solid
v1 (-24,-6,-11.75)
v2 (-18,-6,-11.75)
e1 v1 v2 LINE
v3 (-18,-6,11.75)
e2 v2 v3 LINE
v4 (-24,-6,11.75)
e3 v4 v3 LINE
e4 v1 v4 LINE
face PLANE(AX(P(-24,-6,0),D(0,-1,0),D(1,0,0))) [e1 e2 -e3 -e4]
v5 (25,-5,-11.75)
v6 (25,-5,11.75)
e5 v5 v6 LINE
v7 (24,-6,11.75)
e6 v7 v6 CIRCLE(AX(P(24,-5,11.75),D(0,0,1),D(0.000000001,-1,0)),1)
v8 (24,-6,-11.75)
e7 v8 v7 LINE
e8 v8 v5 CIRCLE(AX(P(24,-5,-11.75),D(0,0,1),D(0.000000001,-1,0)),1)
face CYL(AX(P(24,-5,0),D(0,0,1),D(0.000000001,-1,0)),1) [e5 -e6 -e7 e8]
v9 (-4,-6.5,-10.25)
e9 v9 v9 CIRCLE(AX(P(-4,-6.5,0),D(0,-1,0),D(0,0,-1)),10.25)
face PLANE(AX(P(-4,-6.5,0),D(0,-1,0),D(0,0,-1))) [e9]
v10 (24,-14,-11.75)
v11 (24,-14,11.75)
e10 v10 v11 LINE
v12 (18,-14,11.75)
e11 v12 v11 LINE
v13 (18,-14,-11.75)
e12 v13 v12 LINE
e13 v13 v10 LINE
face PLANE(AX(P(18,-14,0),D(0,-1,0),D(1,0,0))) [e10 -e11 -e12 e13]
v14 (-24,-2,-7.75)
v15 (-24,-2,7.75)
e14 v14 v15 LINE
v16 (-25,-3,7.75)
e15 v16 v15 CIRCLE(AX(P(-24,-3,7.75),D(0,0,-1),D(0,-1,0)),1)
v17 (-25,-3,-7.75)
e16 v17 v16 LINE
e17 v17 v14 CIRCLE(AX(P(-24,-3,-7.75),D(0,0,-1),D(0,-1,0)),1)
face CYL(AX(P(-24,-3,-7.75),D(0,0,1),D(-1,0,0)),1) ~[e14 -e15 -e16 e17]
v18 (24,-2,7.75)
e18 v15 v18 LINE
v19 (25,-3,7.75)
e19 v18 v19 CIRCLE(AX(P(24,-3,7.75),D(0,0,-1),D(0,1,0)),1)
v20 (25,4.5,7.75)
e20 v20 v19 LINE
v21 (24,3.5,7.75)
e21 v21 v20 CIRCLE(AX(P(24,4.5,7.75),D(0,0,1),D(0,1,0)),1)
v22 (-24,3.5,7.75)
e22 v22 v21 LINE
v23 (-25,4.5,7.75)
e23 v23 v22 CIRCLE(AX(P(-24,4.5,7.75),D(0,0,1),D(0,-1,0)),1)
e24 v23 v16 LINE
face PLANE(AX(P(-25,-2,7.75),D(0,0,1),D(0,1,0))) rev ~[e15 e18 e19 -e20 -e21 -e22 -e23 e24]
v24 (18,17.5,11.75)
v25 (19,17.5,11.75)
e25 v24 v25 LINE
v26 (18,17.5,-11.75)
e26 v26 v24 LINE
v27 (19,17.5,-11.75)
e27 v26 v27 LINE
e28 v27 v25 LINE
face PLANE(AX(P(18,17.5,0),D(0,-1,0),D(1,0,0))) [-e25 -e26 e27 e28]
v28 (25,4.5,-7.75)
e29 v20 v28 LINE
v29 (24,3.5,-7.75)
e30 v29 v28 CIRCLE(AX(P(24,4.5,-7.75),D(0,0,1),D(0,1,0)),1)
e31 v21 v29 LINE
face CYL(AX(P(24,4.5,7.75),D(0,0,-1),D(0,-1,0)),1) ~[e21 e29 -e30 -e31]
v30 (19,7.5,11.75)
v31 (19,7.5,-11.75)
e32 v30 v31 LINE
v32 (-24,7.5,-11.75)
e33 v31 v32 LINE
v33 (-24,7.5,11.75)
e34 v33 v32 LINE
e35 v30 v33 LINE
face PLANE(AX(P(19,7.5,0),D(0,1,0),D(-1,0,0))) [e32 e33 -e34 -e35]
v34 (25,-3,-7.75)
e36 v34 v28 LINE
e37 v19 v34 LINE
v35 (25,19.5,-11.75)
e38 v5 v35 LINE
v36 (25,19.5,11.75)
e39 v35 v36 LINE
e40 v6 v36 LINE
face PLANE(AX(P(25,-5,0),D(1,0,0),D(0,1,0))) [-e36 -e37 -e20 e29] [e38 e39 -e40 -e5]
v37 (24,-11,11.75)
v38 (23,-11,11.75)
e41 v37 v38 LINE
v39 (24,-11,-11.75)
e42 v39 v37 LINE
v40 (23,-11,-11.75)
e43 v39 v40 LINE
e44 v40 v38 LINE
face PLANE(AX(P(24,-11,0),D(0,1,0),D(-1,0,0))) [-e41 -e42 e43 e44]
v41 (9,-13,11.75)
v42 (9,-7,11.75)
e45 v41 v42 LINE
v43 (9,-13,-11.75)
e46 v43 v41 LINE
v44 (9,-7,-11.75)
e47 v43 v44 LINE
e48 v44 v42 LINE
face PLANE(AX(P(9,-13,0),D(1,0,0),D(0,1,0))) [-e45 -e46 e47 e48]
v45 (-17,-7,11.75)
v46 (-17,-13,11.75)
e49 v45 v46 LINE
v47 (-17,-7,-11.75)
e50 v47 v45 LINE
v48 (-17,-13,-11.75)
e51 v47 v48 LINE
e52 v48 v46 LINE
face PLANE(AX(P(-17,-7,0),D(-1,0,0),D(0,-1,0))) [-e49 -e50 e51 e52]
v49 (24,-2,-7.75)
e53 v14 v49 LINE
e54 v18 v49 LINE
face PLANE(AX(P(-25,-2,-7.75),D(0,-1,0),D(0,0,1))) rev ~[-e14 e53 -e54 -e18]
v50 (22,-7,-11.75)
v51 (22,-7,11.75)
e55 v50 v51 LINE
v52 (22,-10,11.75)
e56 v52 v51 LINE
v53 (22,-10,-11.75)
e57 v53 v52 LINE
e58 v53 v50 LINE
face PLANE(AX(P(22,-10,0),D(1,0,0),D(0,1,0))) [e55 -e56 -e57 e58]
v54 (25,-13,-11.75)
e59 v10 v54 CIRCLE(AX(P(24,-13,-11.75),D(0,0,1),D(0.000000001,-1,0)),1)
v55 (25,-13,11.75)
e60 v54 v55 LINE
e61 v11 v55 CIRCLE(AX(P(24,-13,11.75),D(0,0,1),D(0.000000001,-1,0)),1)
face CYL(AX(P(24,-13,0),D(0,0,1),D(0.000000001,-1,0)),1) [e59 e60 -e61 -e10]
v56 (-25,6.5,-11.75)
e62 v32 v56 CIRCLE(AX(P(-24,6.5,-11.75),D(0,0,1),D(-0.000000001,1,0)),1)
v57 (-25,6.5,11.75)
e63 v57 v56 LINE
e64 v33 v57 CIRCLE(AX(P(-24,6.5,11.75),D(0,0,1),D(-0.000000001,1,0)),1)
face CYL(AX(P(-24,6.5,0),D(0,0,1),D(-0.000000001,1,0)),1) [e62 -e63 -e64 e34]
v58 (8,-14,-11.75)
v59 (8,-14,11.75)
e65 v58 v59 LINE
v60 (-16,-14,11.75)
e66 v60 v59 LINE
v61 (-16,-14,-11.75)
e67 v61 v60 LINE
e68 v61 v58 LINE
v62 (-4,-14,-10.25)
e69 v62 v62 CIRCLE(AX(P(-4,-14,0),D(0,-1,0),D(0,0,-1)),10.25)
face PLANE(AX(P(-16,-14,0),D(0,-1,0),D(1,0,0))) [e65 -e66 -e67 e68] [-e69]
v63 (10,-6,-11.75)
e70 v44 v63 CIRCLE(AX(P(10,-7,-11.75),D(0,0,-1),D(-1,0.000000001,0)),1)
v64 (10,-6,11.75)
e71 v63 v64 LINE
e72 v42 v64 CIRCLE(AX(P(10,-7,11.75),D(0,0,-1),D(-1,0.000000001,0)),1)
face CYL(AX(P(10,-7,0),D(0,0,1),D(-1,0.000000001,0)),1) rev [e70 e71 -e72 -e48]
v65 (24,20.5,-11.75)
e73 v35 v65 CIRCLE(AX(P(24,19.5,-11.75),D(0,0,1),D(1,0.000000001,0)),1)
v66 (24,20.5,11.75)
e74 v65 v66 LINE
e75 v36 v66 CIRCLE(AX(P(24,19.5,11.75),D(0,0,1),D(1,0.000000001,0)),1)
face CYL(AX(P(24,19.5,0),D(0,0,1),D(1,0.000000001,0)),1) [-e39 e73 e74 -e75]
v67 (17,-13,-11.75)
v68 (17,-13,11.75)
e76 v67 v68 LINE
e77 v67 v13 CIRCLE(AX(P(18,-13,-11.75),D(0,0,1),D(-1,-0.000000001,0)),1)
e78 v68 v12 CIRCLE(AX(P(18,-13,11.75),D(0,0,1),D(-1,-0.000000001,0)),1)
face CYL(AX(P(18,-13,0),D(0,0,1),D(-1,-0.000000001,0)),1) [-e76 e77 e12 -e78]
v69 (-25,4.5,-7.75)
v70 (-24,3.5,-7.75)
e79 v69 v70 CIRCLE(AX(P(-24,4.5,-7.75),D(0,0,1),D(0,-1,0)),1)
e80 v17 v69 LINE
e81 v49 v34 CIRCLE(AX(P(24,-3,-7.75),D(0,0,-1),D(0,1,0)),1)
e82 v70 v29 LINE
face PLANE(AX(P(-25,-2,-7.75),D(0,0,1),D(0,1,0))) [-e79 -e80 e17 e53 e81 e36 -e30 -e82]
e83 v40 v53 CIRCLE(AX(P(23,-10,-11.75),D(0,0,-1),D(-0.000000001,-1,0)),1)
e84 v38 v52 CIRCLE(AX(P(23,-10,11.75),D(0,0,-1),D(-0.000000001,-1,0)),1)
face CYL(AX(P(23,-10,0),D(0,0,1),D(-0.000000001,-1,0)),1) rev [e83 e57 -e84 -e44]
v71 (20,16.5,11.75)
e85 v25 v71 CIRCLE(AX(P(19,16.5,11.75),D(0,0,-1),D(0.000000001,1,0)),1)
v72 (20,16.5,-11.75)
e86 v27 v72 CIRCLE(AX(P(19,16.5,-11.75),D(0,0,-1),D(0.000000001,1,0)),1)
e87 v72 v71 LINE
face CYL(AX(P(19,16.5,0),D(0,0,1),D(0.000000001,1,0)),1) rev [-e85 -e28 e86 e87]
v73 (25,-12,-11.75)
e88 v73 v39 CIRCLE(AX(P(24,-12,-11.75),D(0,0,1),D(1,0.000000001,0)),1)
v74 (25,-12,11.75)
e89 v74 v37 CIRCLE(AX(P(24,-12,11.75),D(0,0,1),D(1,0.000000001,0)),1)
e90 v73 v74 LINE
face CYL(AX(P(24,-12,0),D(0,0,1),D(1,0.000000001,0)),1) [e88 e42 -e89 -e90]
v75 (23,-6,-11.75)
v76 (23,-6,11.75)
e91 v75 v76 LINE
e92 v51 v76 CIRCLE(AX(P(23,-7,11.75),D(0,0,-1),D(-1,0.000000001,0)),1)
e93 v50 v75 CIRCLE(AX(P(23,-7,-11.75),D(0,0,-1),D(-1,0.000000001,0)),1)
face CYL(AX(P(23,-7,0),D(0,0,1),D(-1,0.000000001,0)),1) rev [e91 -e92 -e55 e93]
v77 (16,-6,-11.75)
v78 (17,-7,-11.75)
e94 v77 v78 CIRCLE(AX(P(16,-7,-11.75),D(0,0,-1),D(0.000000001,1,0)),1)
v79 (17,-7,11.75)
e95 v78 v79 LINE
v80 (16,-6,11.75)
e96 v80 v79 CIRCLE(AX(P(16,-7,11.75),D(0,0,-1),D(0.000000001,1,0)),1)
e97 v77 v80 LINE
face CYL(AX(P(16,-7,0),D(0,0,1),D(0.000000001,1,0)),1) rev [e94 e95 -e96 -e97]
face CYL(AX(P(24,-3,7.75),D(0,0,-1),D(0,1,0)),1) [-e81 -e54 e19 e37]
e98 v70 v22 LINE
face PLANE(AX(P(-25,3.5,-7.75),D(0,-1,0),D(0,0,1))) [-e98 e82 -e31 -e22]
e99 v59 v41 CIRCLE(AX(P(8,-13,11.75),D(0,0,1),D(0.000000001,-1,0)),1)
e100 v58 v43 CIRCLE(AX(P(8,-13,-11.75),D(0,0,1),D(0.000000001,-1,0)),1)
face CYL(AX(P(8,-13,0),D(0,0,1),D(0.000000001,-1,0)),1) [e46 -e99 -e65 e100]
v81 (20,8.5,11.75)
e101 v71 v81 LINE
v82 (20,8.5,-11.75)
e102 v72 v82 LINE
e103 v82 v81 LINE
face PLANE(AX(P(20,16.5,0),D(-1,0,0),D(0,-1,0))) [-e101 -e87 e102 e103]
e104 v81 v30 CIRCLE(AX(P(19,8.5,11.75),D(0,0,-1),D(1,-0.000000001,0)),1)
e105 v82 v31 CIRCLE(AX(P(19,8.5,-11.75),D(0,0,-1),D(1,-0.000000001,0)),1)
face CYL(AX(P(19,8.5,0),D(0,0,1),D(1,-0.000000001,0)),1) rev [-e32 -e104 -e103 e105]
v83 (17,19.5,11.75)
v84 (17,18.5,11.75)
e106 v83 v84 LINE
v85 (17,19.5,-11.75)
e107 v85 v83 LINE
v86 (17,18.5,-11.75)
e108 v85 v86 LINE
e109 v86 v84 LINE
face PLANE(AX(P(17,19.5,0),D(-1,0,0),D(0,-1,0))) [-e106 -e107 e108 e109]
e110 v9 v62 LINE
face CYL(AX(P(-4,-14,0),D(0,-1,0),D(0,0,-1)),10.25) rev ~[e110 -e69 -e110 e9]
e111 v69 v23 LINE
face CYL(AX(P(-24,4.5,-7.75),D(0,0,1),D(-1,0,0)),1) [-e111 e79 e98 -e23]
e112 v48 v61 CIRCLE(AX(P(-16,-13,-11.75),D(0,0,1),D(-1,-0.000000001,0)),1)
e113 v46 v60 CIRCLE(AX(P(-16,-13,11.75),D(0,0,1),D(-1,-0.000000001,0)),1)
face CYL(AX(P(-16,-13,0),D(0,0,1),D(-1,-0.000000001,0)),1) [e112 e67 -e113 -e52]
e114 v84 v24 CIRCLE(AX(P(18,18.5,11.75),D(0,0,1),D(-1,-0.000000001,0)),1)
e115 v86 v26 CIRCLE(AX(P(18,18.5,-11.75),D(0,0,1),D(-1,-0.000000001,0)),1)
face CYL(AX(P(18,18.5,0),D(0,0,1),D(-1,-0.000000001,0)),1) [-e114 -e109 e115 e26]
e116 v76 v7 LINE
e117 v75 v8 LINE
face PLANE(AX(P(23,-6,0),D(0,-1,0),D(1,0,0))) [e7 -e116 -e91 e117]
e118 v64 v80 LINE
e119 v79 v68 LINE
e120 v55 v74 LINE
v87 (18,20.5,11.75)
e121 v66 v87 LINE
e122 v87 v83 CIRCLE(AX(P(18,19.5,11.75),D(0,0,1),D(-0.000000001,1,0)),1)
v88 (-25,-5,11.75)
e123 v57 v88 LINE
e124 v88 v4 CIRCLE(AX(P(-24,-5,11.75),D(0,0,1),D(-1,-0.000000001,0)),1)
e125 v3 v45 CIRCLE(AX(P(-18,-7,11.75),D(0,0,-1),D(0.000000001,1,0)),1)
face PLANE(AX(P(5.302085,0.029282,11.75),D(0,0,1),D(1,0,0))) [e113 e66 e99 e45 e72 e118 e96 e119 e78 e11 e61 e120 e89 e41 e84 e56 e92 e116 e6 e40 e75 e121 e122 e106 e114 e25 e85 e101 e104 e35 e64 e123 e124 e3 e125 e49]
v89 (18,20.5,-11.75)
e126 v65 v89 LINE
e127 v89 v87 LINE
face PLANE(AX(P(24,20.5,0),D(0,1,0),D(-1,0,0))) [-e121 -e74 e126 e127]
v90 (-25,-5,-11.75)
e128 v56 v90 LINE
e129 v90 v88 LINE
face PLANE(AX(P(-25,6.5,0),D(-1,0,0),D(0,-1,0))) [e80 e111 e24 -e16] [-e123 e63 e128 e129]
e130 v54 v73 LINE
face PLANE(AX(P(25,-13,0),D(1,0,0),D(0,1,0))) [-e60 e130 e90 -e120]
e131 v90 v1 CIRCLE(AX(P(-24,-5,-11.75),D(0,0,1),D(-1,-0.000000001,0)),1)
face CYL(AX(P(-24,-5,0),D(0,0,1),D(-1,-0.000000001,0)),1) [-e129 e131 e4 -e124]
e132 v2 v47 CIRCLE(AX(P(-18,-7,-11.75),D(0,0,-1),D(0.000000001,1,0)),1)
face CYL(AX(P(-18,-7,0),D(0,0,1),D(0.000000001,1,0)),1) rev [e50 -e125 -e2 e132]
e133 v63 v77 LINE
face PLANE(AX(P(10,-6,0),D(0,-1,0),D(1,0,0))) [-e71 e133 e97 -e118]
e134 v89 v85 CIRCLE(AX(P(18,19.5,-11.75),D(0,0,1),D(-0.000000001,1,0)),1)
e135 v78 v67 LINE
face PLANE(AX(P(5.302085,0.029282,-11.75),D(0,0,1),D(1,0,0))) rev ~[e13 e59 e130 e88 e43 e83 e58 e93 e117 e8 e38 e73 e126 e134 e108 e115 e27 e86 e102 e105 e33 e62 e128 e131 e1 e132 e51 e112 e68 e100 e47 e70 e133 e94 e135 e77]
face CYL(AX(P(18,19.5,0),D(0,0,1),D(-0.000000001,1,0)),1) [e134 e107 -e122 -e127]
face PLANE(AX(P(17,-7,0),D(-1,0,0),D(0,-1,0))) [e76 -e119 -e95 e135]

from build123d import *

# Parameters (mm, degrees)
BOSS_EXTRUDE2_DEPTH = 11.75
SKETCH5_W           = 15.5
SKETCH5_H           = 5.5
CUT_EXTRUDE2_DEPTH  = 56.302011717
FILLET1_R           = 1
SKETCH7_R           = 10.25
CUT_EXTRUDE3_DEPTH  = 7.5


with BuildPart() as part:
    # Sketch1 → Boss-Extrude2 (new, symmetric)
    with BuildSketch(Plane.XY):
        with BuildLine():
            Line((-25, 6.5), (-25, -5))
            ThreePointArc((-25, -5), (-24.707106781, -5.707106781), (-24, -6))
            Line((-24, -6), (-18, -6))
            ThreePointArc((-18, -6), (-17.292893219, -6.292893219), (-17, -7))
            Line((-17, -7), (-17, -13))
            ThreePointArc((-17, -13), (-16.707106781, -13.707106781), (-16, -14))
            Line((-16, -14), (-4, -14))
            Line((-4, -14), (8, -14))
            ThreePointArc((8, -14), (8.707106781, -13.707106781), (9, -13))
            Line((9, -13), (9, -7))
            ThreePointArc((9, -7), (9.292893219, -6.292893219), (10, -6))
            Line((10, -6), (16, -6))
            ThreePointArc((16, -6), (16.707106781, -6.292893219), (17, -7))
            Line((17, -7), (17, -11))
            Line((17, -11), (17, -13))
            ThreePointArc((17, -13), (17.292893219, -13.707106781), (18, -14))
            Line((18, -14), (24, -14))
            ThreePointArc((24, -14), (24.707106781, -13.707106781), (25, -13))
            Line((25, -13), (25, -12))
            ThreePointArc((25, -12), (24.707106781, -11.292893219), (24, -11))
            Line((24, -11), (23, -11))
            ThreePointArc((23, -11), (22.292893219, -10.707106781), (22, -10))
            Line((22, -10), (22, -7))
            ThreePointArc((22, -7), (22.292893219, -6.292893219), (23, -6))
            Line((23, -6), (24, -6))
            ThreePointArc((24, -6), (24.707106781, -5.707106781), (25, -5))
            Line((25, -5), (25, 8.5))
            Line((25, 8.5), (25, 16))
            Line((25, 16), (25, 19.5))
            ThreePointArc((25, 19.5), (24.707106781, 20.207106781), (24, 20.5))
            Line((24, 20.5), (18, 20.5))
            ThreePointArc((18, 20.5), (17.292893219, 20.207106781), (17, 19.5))
            Line((17, 19.5), (17, 18.5))
            ThreePointArc((17, 18.5), (17.292893219, 17.792893219), (18, 17.5))
            Line((18, 17.5), (19, 17.5))
            ThreePointArc((19, 17.5), (19.707106781, 17.207106781), (20, 16.5))
            Line((20, 16.5), (20, 8.5))
            ThreePointArc((20, 8.5), (19.707106781, 7.792893219), (19, 7.5))
            Line((19, 7.5), (-24, 7.5))
            ThreePointArc((-24, 7.5), (-24.707106781, 7.207106781), (-25, 6.5))
        make_face()
    extrude(amount=BOSS_EXTRUDE2_DEPTH, both=True)

    # Sketch5 → Cut-Extrude2 (cut, through all)
    with BuildSketch(Plane.ZY.offset(25)):
        with Locations((0, 0.75)):
            Rectangle(SKETCH5_W, SKETCH5_H)
    extrude(amount=-CUT_EXTRUDE2_DEPTH, mode=Mode.SUBTRACT)

    # Fillet1
    fillet1_edges = [part.edges().sort_by_distance(p)[0] for p in [
        (-25, 3.5, 0),
        (25, -2, 0),
        (25, 3.5, 0),
        (-25, -2, 0),
    ]]
    fillet(fillet1_edges, radius=FILLET1_R)

    # Sketch7 → Cut-Extrude3 (cut, symmetric)
    with BuildSketch(Plane.XZ.offset(14)):
        with Locations(Location((-4, 0, 0), (0, 0, 270))):
            Circle(SKETCH7_R)
    extrude(amount=CUT_EXTRUDE3_DEPTH, both=True, mode=Mode.SUBTRACT)


solid = part.part
